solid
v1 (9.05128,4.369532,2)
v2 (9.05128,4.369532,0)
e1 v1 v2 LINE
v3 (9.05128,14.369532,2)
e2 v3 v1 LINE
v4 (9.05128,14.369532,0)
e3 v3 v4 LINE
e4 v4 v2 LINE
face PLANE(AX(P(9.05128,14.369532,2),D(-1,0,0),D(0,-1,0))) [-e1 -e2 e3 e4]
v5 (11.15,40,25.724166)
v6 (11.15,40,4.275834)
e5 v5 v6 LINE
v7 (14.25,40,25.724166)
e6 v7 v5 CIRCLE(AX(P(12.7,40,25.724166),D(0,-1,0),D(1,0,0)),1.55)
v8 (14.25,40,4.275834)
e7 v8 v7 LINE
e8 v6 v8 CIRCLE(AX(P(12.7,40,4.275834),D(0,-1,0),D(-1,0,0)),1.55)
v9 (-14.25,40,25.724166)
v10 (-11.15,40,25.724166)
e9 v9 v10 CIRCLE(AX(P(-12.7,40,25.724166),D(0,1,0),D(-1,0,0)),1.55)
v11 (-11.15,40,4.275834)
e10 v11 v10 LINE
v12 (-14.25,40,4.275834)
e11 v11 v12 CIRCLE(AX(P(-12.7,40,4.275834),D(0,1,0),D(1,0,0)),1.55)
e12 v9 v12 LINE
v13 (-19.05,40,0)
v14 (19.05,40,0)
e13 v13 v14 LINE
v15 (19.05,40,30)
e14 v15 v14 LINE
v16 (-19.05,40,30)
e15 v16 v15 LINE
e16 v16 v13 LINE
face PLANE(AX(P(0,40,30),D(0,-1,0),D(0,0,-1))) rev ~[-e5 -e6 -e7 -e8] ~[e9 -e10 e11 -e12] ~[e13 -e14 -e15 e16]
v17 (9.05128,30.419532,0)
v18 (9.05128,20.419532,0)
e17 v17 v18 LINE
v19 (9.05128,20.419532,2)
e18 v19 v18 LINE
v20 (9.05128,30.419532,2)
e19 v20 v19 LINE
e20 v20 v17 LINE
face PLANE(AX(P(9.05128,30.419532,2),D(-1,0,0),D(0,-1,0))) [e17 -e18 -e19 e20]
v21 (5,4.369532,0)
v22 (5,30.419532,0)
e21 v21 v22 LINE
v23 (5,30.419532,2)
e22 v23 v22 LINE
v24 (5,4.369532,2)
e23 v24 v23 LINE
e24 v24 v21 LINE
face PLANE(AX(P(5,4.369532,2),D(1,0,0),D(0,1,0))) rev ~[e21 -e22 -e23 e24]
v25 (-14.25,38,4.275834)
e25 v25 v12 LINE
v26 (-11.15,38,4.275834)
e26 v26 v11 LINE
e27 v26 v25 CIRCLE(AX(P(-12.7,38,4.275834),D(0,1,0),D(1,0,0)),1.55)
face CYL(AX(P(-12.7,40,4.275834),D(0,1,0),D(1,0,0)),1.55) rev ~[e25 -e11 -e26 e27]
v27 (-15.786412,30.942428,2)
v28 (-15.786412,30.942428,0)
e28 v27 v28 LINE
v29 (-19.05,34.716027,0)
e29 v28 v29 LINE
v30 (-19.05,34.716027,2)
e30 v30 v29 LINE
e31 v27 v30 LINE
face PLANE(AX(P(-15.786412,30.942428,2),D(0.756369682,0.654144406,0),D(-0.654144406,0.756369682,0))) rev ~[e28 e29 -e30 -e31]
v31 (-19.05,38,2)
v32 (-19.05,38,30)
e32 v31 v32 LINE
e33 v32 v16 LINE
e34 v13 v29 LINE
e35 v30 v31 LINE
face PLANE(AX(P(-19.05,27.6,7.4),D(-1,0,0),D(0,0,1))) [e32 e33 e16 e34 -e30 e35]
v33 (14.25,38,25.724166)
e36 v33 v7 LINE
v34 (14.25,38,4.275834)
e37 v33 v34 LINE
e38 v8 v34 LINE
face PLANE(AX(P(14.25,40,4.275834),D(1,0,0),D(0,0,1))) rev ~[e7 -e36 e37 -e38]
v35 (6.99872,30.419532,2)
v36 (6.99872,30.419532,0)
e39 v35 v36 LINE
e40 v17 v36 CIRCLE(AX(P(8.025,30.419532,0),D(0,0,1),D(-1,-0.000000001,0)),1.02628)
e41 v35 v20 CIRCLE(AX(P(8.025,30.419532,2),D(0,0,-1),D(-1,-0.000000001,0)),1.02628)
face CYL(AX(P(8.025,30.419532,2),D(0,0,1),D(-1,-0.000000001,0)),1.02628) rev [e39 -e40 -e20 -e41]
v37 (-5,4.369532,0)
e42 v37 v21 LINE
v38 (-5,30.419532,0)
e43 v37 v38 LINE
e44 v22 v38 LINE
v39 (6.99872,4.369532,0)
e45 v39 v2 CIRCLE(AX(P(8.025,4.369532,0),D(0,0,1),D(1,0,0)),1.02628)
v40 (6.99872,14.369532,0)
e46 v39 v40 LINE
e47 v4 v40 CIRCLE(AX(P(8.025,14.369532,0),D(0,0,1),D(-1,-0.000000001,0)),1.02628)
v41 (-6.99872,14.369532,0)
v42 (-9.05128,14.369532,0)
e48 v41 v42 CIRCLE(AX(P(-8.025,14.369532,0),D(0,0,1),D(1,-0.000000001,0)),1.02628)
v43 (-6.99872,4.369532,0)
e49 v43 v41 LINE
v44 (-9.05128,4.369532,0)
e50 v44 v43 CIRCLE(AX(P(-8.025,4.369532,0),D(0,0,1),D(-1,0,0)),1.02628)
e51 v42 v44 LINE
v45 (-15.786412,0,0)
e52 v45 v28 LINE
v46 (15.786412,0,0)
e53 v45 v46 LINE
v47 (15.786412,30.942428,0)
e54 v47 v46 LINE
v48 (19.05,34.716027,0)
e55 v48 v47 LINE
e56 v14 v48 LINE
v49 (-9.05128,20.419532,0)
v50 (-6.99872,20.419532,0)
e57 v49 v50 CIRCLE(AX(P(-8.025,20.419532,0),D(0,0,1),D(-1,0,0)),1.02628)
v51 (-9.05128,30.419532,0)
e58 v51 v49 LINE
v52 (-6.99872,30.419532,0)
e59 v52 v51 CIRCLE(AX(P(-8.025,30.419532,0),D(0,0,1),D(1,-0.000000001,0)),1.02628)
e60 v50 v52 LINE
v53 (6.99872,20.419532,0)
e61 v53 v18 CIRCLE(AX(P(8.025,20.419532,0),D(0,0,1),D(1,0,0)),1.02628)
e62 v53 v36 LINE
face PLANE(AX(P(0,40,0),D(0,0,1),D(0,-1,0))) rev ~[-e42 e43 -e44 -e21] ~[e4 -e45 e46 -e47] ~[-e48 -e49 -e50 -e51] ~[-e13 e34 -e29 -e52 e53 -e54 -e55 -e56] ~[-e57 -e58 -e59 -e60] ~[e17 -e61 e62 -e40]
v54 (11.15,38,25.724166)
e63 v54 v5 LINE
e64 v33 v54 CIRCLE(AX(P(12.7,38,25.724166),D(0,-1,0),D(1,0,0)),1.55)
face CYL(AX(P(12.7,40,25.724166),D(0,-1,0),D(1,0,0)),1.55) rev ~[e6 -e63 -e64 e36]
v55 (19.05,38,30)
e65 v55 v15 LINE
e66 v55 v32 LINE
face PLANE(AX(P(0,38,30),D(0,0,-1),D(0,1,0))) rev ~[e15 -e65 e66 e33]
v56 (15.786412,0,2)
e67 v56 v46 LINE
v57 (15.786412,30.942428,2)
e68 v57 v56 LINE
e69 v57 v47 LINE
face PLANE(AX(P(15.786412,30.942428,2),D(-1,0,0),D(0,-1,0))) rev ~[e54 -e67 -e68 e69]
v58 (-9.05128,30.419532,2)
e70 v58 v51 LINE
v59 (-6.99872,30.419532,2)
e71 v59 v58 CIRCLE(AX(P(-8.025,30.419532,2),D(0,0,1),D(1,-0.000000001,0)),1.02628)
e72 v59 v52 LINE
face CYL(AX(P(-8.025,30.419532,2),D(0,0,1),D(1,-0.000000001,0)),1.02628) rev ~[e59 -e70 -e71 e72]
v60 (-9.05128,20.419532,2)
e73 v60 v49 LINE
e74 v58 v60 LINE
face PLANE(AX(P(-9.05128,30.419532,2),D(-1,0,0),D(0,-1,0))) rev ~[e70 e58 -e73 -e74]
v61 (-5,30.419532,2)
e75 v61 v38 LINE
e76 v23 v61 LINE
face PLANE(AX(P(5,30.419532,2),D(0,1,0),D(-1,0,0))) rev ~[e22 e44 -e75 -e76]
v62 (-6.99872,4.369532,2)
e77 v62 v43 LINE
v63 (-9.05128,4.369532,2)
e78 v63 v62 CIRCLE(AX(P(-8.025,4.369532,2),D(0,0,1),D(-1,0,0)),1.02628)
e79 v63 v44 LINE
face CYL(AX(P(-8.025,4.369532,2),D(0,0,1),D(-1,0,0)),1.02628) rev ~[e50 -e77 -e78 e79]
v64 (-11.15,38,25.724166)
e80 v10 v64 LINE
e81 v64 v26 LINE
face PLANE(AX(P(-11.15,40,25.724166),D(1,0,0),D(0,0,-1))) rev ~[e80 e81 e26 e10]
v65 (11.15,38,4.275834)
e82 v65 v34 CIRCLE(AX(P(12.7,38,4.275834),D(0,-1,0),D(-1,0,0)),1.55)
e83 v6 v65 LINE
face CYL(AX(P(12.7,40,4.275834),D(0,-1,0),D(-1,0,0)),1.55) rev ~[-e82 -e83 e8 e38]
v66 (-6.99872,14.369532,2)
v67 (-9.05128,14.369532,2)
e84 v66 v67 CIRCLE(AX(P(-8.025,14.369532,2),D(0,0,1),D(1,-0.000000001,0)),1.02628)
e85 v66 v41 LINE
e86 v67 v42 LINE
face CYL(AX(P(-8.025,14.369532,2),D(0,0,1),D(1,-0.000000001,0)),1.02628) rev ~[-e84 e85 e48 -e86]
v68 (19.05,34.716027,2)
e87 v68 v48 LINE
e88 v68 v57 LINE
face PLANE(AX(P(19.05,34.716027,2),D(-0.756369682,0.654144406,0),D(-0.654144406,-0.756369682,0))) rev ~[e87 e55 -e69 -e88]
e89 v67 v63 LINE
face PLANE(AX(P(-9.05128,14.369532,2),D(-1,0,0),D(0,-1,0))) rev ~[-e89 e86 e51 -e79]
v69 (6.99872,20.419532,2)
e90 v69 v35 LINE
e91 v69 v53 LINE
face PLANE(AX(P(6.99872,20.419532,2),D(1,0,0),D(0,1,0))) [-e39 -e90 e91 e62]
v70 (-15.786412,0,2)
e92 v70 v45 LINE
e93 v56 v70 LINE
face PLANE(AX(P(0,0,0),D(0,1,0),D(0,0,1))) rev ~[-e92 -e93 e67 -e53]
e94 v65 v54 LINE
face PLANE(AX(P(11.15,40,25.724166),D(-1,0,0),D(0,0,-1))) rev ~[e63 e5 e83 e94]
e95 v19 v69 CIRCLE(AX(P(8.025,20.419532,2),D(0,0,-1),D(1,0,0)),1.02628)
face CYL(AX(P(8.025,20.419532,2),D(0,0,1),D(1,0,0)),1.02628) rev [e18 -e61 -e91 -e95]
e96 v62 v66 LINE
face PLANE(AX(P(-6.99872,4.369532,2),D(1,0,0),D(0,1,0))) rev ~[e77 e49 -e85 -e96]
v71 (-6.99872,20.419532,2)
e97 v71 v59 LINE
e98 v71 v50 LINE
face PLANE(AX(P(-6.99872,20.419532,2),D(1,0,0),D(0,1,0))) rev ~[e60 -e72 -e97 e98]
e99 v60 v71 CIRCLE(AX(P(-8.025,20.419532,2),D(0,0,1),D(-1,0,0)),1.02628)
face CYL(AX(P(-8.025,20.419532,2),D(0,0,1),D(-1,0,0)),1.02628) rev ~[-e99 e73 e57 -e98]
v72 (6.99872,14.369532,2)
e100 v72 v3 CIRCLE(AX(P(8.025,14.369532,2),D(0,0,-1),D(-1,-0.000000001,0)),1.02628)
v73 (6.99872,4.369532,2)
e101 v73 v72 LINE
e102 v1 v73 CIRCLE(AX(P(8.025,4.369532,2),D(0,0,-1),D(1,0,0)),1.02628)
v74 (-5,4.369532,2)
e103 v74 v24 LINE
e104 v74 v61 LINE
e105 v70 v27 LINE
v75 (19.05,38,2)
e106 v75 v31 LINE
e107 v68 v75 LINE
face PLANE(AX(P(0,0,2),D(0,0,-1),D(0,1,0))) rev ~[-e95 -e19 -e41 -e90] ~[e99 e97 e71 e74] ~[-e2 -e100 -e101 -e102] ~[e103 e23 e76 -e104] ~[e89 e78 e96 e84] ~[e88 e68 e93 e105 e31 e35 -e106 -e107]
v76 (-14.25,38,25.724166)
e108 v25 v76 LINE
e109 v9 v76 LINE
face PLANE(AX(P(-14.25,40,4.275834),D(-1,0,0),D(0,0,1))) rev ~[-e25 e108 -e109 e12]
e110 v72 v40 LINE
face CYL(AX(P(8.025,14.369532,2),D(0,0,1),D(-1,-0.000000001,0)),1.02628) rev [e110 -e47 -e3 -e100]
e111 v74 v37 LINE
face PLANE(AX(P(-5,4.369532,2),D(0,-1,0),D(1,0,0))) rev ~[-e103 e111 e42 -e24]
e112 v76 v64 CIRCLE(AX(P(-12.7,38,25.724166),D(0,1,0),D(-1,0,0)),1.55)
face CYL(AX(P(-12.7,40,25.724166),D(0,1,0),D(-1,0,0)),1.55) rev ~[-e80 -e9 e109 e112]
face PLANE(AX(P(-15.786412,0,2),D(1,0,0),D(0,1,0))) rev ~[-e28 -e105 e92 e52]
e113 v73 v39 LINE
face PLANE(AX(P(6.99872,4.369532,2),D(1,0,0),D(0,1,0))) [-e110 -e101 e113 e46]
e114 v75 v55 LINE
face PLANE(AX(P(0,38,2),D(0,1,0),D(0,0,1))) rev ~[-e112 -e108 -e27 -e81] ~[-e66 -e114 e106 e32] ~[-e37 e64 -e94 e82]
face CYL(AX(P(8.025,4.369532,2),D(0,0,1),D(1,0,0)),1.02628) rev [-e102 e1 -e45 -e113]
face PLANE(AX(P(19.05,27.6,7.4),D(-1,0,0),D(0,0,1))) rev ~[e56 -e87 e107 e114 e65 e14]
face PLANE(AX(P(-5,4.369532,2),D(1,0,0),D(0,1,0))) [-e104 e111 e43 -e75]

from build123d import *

# Parameters (mm, degrees)
BOSS_EXTRUDE1_DEPTH = 19.05
CUT_EXTRUDE1_DEPTH  = 19.05
SKETCH3_W           = 5
SKETCH3_H           = 26.05
CUT_EXTRUDE2_DEPTH  = 3


with BuildPart() as part:
    # Sketch1 → Boss-Extrude1 (new body, symmetric)
    with BuildSketch(Plane(origin=(0, 0, 0), x_dir=(0, 0, -1), z_dir=(1, 0, 0))):
        Polygon((0, 0), (-2, 0), (-2, 38), (-30, 38), (-30, 40), (0, 40), align=None)
    extrude(amount=BOSS_EXTRUDE1_DEPTH, both=True)

    # Sketch2 → Cut-Extrude1 (cut, symmetric)
    with BuildSketch(Plane(origin=(0, 40, 0), x_dir=(1, 0, 0), z_dir=(0, 1, 0))):
        with BuildLine():
            Line((11.15, -25.724165568), (11.15, -4.275834432))
            ThreePointArc((11.15, -4.275834432), (12.7, -2.725834432), (14.25, -4.275834432))
            Line((14.25, -4.275834432), (14.25, -25.724165568))
            ThreePointArc((14.25, -25.724165568), (12.7, -27.274165568), (11.15, -25.724165568))
        make_face()
        with BuildLine():
            Line((-11.15, -25.724165568), (-11.15, -4.275834432))
            ThreePointArc((-11.15, -4.275834432), (-12.7, -2.725834432), (-14.25, -4.275834432))
            Line((-14.25, -4.275834432), (-14.25, -25.724165568))
            ThreePointArc((-14.25, -25.724165568), (-12.7, -27.274165568), (-11.15, -25.724165568))
        make_face()
    extrude(amount=CUT_EXTRUDE1_DEPTH, both=True, mode=Mode.SUBTRACT)

    # Sketch3 → Cut-Extrude2 (cut, through all)
    with BuildSketch(Plane.XY.offset(2)):
        with Locations((2.5, 17.394531681)):
            Rectangle(SKETCH3_W, SKETCH3_H)
        with Locations((-2.5, 17.394531681)):
            Rectangle(SKETCH3_W, SKETCH3_H)
        with BuildLine():
            Line((-9.051280256, 30.419531681), (-9.051280256, 20.419531681))
            ThreePointArc((-9.051280256, 20.419531681), (-8.025, 19.393251425), (-6.998719744, 20.419531681))
            Line((-6.998719744, 20.419531681), (-6.998719744, 30.419531681))
            ThreePointArc((-6.998719744, 30.419531681), (-8.025, 31.445811938), (-9.051280256, 30.419531681))
        make_face()
        with BuildLine():
            Line((-9.051280256, 14.369531681), (-9.051280256, 4.369531681))
            ThreePointArc((-9.051280256, 4.369531681), (-8.025, 3.343251425), (-6.998719744, 4.369531681))
            Line((-6.998719744, 4.369531681), (-6.998719744, 14.369531681))
            ThreePointArc((-6.998719744, 14.369531681), (-8.025, 15.395811938), (-9.051280256, 14.369531681))
        make_face()
        with BuildLine():
            ThreePointArc((9.051280256, 20.419531681), (8.025, 19.393251425), (6.998719744, 20.419531681))
            Line((6.998719744, 20.419531681), (6.998719744, 30.419531681))
            ThreePointArc((6.998719744, 30.419531681), (8.025, 31.445811938), (9.051280256, 30.419531681))
            Line((9.051280256, 30.419531681), (9.051280256, 20.419531681))
        make_face()
        with BuildLine():
            ThreePointArc((9.051280256, 4.369531681), (8.025, 3.343251425), (6.998719744, 4.369531681))
            Line((6.998719744, 4.369531681), (6.998719744, 14.369531681))
            ThreePointArc((6.998719744, 14.369531681), (8.025, 15.395811938), (9.051280256, 14.369531681))
            Line((9.051280256, 14.369531681), (9.051280256, 4.369531681))
        make_face()
        Polygon((-15.786412439, 30.942427664), (-19.05, 34.716026675), (-19.05, 0), (-15.786412439, 0), align=None)
        Polygon((15.786412439, 30.942427664), (15.786412439, 0), (19.05, 0), (19.05, 34.716026675), align=None)
    extrude(amount=-CUT_EXTRUDE2_DEPTH, mode=Mode.SUBTRACT)


solid = part.part
